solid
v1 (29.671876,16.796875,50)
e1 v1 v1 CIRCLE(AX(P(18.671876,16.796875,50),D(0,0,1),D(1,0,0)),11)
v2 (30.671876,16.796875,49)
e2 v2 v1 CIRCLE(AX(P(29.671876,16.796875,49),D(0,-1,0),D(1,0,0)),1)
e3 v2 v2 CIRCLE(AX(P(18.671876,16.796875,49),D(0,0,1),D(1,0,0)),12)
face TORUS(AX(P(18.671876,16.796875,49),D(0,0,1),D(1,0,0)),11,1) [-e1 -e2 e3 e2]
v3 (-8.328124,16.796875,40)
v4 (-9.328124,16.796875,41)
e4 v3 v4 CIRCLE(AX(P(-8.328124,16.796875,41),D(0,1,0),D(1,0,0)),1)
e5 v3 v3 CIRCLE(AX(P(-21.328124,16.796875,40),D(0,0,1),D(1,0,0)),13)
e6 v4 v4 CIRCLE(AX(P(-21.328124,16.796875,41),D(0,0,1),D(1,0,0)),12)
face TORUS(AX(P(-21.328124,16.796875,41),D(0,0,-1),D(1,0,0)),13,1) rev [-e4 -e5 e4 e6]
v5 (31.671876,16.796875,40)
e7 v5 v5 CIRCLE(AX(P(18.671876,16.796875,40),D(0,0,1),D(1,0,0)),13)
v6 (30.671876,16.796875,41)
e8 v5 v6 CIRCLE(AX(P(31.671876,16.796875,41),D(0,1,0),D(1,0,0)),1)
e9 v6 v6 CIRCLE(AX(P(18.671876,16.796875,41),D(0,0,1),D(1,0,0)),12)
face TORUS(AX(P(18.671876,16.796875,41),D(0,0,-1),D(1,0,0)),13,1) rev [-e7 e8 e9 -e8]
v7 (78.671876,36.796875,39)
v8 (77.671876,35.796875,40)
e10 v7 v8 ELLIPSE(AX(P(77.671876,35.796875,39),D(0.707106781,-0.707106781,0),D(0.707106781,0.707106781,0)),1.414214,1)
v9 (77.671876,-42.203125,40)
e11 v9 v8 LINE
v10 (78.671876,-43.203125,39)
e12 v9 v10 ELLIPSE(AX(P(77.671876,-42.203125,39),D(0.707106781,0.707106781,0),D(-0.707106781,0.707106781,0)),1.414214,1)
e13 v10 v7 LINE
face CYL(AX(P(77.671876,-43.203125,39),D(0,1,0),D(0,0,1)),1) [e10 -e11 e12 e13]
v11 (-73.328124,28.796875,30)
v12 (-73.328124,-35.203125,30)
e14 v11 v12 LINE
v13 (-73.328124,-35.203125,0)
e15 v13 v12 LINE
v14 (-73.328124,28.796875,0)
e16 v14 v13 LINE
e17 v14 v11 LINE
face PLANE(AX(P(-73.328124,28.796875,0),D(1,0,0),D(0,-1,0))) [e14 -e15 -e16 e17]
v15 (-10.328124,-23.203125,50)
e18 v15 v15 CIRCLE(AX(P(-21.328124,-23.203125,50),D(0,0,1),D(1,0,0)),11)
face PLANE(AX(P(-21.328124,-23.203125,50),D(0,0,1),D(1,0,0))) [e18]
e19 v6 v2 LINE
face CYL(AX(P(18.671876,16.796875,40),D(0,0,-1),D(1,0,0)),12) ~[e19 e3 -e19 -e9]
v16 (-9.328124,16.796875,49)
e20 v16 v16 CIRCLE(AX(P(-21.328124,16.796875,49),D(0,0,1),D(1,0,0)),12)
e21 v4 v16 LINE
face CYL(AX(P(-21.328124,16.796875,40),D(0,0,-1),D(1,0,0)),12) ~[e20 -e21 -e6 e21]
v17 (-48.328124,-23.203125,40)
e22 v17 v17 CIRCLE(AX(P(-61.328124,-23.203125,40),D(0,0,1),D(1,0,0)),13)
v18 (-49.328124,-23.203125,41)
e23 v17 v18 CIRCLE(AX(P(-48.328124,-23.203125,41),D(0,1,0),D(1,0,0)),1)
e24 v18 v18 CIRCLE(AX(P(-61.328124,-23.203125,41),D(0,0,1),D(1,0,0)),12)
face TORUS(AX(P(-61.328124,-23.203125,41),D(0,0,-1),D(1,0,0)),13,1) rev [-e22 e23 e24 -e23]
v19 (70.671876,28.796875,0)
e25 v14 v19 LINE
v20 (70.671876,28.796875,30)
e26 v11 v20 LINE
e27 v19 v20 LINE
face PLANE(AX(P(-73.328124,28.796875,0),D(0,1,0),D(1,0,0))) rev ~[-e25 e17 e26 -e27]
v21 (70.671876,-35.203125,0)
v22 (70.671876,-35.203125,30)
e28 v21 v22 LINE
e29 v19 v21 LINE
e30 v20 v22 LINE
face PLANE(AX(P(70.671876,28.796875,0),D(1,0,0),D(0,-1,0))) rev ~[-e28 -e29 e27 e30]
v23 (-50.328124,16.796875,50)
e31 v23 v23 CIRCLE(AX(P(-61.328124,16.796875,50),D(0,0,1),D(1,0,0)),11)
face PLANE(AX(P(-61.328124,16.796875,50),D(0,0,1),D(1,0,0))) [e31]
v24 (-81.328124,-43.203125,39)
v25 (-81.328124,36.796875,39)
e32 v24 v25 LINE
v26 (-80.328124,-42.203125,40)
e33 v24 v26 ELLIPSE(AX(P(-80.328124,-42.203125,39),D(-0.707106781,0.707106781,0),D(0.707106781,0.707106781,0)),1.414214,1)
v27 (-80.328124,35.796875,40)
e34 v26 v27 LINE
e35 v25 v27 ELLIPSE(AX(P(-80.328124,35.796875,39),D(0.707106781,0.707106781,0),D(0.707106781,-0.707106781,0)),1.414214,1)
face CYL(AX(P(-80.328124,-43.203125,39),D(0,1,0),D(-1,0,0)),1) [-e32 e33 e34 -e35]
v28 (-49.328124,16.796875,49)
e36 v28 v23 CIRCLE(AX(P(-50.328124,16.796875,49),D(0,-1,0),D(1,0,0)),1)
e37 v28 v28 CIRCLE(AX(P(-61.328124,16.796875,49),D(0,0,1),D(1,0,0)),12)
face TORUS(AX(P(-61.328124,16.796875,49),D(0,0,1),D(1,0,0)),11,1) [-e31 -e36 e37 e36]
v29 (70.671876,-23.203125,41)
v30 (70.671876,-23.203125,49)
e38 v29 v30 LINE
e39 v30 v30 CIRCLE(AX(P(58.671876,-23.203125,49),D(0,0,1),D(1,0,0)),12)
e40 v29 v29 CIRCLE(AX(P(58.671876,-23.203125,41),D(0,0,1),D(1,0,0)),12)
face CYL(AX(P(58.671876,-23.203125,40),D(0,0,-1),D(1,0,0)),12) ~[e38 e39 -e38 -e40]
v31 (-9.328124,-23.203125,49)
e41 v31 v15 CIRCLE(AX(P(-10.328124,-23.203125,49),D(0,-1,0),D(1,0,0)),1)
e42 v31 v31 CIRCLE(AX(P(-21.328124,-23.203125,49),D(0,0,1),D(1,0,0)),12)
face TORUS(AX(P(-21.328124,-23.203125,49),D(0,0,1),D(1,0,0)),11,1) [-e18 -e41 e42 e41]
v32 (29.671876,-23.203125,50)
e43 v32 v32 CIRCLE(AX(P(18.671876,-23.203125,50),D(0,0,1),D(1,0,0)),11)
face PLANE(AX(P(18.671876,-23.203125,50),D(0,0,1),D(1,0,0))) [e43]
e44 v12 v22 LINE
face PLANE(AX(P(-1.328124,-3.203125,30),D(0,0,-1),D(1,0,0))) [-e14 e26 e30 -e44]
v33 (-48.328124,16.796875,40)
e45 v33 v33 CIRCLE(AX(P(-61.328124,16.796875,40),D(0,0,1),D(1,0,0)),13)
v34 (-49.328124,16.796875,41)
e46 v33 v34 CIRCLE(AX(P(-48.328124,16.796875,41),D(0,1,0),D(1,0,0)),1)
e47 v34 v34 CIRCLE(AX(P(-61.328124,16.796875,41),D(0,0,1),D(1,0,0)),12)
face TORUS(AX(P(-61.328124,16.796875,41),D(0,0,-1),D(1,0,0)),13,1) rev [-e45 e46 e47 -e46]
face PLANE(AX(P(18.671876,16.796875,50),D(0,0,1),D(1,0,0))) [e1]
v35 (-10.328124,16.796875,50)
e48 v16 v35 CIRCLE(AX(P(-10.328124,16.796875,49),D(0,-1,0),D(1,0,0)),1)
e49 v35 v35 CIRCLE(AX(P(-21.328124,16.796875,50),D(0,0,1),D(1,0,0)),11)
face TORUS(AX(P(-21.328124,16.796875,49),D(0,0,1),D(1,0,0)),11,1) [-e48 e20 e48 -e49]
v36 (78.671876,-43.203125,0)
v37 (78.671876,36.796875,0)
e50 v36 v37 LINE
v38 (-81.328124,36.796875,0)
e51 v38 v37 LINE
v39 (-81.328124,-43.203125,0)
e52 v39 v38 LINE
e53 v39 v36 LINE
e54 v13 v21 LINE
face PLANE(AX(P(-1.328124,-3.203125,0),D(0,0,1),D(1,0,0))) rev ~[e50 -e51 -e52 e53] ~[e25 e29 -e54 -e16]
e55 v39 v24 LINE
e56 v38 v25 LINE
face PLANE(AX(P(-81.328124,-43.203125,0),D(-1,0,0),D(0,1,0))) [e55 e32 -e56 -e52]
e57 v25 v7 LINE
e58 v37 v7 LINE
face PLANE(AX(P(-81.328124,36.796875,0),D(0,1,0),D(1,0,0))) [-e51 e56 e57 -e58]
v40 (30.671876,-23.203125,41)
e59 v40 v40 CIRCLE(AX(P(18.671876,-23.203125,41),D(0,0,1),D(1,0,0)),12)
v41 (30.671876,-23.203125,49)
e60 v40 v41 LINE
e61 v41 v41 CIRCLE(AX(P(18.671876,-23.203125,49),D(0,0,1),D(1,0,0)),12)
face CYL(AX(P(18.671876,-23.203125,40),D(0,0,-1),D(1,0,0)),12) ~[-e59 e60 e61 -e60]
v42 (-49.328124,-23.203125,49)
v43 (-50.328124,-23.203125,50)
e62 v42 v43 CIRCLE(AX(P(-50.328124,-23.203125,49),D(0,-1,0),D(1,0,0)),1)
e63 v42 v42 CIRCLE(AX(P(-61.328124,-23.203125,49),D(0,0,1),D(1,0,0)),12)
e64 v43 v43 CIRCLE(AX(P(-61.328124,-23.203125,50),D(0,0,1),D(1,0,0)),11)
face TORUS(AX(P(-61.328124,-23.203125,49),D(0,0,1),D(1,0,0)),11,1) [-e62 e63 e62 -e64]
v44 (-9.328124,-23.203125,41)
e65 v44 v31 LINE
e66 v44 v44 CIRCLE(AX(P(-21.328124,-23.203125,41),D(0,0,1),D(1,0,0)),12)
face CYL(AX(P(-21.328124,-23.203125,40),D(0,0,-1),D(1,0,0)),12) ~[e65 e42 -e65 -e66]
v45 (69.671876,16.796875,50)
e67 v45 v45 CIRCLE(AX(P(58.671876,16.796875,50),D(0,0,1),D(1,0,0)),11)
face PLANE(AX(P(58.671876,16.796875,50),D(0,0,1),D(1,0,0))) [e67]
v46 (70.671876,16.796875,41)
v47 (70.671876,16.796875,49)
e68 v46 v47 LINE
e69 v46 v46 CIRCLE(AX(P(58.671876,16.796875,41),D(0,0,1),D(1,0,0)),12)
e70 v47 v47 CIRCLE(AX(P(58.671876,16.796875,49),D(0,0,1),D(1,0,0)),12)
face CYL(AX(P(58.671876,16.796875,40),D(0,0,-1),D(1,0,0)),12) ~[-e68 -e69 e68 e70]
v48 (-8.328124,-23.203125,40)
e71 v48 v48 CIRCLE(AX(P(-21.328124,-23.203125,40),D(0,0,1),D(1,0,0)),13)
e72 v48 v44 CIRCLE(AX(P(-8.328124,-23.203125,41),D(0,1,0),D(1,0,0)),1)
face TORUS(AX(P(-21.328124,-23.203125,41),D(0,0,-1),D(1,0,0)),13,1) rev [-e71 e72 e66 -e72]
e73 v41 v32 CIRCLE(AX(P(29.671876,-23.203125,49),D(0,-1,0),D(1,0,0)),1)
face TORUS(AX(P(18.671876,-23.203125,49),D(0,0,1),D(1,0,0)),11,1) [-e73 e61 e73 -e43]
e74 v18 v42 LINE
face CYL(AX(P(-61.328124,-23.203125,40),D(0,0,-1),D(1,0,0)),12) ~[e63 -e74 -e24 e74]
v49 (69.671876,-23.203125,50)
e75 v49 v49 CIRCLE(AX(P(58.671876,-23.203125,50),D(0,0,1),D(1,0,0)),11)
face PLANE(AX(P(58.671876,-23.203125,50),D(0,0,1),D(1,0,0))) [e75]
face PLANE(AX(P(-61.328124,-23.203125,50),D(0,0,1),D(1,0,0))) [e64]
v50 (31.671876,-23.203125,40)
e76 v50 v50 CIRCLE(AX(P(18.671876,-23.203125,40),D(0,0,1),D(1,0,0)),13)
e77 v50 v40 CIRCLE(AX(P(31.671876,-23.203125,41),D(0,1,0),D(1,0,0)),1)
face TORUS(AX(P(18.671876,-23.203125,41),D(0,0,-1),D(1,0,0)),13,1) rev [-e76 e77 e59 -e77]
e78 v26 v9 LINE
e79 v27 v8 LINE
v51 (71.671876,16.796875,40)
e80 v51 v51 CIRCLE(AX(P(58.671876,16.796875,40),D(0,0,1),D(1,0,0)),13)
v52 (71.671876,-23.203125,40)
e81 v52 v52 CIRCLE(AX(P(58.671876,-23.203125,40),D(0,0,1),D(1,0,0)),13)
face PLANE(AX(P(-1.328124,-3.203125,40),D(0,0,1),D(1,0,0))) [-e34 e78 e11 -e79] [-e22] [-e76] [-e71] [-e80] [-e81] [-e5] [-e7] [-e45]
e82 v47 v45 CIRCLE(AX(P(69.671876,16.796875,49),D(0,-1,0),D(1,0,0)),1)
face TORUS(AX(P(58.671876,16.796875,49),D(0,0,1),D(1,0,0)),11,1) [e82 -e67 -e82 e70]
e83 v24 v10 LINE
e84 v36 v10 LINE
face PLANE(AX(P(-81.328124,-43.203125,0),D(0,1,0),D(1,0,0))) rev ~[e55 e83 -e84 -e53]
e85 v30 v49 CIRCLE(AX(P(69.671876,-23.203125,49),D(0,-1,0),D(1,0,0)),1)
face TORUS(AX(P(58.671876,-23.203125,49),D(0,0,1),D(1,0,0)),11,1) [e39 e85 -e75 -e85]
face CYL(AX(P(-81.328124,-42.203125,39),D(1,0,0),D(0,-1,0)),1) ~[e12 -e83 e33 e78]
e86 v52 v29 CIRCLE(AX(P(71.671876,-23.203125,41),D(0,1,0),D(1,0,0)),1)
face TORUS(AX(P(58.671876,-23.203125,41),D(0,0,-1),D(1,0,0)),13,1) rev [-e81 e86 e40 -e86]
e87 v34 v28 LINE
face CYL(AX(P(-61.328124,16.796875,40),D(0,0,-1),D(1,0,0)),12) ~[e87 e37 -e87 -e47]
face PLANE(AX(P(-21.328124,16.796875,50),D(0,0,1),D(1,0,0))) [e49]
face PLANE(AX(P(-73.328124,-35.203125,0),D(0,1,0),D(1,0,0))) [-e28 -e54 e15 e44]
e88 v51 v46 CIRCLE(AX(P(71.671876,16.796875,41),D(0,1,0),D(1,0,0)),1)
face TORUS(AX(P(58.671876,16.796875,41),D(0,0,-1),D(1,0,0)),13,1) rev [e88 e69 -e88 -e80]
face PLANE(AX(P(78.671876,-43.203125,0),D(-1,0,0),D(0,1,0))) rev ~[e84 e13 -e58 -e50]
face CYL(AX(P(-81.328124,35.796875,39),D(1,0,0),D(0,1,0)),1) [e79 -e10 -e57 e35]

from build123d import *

# Parameters (mm, degrees)
F0_W     = 160
F0_H     = 80
F1_DEPTH = 40
F2_W     = 144
F2_H     = 64
F3_DEPTH = 30
F4_R     = 12
F5_DEPTH = 10
F6_R     = 1


with BuildPart() as f1:
    # F0 (on Top) → F1 (new body)
    with BuildSketch(Plane.XY):
        with Locations((-1.328124, -3.203125)):
            Rectangle(F0_W, F0_H)
    extrude(amount=F1_DEPTH)

    # F2 (on face) → F3 (cut)
    with BuildSketch(Plane(origin=(0, 0, 0), x_dir=(1, 0, 0), z_dir=(0, 0, -1))):
        with Locations((-1.328124, 3.203125)):
            Rectangle(F2_W, F2_H)
    extrude(amount=-F3_DEPTH, mode=Mode.SUBTRACT)

    # F4 (on face) → F5 (join)
    with BuildSketch(Plane.XY.offset(40)):
        with Locations((-61.328124, 16.796875)):
            Circle(F4_R)
        with Locations((-61.328124, -23.203125)):
            Circle(F4_R)
        with Locations((-21.328124, 16.796875)):
            Circle(F4_R)
        with Locations((-21.328124, -23.203125)):
            Circle(F4_R)
        with Locations((18.671876, 16.796875)):
            Circle(F4_R)
        with Locations((18.671876, -23.203125)):
            Circle(F4_R)
        with Locations((58.671876, 16.796875)):
            Circle(F4_R)
        with Locations((58.671876, -23.203125)):
            Circle(F4_R)
    extrude(amount=F5_DEPTH)

    # F6
    f6_edges = [f1.edges().sort_by_distance(p)[0] for p in [
        (-73.328124, 16.796875, 50),
        (-33.328124, 16.796875, 50),
        (6.671876, 16.796875, 50),
        (46.671876, 16.796875, 50),
        (46.671876, -23.203125, 50),
        (6.671876, -23.203125, 50),
        (-33.328124, -23.203125, 50),
        (-73.328124, -23.203125, 50),
        (-1.328124, 36.796875, 40),
        (78.671876, -3.203125, 40),
        (-81.328124, -3.203125, 40),
        (-1.328124, -43.203125, 40),
        (-73.328124, -23.203125, 40),
        (-33.328124, -23.203125, 40),
        (6.671876, -23.203125, 40),
        (46.671876, -23.203125, 40),
        (-73.328124, 16.796875, 40),
        (-33.328124, 16.796875, 40),
        (6.671876, 16.796875, 40),
        (46.671876, 16.796875, 40),
    ]]
    fillet(f6_edges, radius=F6_R)


solid = f1.part
